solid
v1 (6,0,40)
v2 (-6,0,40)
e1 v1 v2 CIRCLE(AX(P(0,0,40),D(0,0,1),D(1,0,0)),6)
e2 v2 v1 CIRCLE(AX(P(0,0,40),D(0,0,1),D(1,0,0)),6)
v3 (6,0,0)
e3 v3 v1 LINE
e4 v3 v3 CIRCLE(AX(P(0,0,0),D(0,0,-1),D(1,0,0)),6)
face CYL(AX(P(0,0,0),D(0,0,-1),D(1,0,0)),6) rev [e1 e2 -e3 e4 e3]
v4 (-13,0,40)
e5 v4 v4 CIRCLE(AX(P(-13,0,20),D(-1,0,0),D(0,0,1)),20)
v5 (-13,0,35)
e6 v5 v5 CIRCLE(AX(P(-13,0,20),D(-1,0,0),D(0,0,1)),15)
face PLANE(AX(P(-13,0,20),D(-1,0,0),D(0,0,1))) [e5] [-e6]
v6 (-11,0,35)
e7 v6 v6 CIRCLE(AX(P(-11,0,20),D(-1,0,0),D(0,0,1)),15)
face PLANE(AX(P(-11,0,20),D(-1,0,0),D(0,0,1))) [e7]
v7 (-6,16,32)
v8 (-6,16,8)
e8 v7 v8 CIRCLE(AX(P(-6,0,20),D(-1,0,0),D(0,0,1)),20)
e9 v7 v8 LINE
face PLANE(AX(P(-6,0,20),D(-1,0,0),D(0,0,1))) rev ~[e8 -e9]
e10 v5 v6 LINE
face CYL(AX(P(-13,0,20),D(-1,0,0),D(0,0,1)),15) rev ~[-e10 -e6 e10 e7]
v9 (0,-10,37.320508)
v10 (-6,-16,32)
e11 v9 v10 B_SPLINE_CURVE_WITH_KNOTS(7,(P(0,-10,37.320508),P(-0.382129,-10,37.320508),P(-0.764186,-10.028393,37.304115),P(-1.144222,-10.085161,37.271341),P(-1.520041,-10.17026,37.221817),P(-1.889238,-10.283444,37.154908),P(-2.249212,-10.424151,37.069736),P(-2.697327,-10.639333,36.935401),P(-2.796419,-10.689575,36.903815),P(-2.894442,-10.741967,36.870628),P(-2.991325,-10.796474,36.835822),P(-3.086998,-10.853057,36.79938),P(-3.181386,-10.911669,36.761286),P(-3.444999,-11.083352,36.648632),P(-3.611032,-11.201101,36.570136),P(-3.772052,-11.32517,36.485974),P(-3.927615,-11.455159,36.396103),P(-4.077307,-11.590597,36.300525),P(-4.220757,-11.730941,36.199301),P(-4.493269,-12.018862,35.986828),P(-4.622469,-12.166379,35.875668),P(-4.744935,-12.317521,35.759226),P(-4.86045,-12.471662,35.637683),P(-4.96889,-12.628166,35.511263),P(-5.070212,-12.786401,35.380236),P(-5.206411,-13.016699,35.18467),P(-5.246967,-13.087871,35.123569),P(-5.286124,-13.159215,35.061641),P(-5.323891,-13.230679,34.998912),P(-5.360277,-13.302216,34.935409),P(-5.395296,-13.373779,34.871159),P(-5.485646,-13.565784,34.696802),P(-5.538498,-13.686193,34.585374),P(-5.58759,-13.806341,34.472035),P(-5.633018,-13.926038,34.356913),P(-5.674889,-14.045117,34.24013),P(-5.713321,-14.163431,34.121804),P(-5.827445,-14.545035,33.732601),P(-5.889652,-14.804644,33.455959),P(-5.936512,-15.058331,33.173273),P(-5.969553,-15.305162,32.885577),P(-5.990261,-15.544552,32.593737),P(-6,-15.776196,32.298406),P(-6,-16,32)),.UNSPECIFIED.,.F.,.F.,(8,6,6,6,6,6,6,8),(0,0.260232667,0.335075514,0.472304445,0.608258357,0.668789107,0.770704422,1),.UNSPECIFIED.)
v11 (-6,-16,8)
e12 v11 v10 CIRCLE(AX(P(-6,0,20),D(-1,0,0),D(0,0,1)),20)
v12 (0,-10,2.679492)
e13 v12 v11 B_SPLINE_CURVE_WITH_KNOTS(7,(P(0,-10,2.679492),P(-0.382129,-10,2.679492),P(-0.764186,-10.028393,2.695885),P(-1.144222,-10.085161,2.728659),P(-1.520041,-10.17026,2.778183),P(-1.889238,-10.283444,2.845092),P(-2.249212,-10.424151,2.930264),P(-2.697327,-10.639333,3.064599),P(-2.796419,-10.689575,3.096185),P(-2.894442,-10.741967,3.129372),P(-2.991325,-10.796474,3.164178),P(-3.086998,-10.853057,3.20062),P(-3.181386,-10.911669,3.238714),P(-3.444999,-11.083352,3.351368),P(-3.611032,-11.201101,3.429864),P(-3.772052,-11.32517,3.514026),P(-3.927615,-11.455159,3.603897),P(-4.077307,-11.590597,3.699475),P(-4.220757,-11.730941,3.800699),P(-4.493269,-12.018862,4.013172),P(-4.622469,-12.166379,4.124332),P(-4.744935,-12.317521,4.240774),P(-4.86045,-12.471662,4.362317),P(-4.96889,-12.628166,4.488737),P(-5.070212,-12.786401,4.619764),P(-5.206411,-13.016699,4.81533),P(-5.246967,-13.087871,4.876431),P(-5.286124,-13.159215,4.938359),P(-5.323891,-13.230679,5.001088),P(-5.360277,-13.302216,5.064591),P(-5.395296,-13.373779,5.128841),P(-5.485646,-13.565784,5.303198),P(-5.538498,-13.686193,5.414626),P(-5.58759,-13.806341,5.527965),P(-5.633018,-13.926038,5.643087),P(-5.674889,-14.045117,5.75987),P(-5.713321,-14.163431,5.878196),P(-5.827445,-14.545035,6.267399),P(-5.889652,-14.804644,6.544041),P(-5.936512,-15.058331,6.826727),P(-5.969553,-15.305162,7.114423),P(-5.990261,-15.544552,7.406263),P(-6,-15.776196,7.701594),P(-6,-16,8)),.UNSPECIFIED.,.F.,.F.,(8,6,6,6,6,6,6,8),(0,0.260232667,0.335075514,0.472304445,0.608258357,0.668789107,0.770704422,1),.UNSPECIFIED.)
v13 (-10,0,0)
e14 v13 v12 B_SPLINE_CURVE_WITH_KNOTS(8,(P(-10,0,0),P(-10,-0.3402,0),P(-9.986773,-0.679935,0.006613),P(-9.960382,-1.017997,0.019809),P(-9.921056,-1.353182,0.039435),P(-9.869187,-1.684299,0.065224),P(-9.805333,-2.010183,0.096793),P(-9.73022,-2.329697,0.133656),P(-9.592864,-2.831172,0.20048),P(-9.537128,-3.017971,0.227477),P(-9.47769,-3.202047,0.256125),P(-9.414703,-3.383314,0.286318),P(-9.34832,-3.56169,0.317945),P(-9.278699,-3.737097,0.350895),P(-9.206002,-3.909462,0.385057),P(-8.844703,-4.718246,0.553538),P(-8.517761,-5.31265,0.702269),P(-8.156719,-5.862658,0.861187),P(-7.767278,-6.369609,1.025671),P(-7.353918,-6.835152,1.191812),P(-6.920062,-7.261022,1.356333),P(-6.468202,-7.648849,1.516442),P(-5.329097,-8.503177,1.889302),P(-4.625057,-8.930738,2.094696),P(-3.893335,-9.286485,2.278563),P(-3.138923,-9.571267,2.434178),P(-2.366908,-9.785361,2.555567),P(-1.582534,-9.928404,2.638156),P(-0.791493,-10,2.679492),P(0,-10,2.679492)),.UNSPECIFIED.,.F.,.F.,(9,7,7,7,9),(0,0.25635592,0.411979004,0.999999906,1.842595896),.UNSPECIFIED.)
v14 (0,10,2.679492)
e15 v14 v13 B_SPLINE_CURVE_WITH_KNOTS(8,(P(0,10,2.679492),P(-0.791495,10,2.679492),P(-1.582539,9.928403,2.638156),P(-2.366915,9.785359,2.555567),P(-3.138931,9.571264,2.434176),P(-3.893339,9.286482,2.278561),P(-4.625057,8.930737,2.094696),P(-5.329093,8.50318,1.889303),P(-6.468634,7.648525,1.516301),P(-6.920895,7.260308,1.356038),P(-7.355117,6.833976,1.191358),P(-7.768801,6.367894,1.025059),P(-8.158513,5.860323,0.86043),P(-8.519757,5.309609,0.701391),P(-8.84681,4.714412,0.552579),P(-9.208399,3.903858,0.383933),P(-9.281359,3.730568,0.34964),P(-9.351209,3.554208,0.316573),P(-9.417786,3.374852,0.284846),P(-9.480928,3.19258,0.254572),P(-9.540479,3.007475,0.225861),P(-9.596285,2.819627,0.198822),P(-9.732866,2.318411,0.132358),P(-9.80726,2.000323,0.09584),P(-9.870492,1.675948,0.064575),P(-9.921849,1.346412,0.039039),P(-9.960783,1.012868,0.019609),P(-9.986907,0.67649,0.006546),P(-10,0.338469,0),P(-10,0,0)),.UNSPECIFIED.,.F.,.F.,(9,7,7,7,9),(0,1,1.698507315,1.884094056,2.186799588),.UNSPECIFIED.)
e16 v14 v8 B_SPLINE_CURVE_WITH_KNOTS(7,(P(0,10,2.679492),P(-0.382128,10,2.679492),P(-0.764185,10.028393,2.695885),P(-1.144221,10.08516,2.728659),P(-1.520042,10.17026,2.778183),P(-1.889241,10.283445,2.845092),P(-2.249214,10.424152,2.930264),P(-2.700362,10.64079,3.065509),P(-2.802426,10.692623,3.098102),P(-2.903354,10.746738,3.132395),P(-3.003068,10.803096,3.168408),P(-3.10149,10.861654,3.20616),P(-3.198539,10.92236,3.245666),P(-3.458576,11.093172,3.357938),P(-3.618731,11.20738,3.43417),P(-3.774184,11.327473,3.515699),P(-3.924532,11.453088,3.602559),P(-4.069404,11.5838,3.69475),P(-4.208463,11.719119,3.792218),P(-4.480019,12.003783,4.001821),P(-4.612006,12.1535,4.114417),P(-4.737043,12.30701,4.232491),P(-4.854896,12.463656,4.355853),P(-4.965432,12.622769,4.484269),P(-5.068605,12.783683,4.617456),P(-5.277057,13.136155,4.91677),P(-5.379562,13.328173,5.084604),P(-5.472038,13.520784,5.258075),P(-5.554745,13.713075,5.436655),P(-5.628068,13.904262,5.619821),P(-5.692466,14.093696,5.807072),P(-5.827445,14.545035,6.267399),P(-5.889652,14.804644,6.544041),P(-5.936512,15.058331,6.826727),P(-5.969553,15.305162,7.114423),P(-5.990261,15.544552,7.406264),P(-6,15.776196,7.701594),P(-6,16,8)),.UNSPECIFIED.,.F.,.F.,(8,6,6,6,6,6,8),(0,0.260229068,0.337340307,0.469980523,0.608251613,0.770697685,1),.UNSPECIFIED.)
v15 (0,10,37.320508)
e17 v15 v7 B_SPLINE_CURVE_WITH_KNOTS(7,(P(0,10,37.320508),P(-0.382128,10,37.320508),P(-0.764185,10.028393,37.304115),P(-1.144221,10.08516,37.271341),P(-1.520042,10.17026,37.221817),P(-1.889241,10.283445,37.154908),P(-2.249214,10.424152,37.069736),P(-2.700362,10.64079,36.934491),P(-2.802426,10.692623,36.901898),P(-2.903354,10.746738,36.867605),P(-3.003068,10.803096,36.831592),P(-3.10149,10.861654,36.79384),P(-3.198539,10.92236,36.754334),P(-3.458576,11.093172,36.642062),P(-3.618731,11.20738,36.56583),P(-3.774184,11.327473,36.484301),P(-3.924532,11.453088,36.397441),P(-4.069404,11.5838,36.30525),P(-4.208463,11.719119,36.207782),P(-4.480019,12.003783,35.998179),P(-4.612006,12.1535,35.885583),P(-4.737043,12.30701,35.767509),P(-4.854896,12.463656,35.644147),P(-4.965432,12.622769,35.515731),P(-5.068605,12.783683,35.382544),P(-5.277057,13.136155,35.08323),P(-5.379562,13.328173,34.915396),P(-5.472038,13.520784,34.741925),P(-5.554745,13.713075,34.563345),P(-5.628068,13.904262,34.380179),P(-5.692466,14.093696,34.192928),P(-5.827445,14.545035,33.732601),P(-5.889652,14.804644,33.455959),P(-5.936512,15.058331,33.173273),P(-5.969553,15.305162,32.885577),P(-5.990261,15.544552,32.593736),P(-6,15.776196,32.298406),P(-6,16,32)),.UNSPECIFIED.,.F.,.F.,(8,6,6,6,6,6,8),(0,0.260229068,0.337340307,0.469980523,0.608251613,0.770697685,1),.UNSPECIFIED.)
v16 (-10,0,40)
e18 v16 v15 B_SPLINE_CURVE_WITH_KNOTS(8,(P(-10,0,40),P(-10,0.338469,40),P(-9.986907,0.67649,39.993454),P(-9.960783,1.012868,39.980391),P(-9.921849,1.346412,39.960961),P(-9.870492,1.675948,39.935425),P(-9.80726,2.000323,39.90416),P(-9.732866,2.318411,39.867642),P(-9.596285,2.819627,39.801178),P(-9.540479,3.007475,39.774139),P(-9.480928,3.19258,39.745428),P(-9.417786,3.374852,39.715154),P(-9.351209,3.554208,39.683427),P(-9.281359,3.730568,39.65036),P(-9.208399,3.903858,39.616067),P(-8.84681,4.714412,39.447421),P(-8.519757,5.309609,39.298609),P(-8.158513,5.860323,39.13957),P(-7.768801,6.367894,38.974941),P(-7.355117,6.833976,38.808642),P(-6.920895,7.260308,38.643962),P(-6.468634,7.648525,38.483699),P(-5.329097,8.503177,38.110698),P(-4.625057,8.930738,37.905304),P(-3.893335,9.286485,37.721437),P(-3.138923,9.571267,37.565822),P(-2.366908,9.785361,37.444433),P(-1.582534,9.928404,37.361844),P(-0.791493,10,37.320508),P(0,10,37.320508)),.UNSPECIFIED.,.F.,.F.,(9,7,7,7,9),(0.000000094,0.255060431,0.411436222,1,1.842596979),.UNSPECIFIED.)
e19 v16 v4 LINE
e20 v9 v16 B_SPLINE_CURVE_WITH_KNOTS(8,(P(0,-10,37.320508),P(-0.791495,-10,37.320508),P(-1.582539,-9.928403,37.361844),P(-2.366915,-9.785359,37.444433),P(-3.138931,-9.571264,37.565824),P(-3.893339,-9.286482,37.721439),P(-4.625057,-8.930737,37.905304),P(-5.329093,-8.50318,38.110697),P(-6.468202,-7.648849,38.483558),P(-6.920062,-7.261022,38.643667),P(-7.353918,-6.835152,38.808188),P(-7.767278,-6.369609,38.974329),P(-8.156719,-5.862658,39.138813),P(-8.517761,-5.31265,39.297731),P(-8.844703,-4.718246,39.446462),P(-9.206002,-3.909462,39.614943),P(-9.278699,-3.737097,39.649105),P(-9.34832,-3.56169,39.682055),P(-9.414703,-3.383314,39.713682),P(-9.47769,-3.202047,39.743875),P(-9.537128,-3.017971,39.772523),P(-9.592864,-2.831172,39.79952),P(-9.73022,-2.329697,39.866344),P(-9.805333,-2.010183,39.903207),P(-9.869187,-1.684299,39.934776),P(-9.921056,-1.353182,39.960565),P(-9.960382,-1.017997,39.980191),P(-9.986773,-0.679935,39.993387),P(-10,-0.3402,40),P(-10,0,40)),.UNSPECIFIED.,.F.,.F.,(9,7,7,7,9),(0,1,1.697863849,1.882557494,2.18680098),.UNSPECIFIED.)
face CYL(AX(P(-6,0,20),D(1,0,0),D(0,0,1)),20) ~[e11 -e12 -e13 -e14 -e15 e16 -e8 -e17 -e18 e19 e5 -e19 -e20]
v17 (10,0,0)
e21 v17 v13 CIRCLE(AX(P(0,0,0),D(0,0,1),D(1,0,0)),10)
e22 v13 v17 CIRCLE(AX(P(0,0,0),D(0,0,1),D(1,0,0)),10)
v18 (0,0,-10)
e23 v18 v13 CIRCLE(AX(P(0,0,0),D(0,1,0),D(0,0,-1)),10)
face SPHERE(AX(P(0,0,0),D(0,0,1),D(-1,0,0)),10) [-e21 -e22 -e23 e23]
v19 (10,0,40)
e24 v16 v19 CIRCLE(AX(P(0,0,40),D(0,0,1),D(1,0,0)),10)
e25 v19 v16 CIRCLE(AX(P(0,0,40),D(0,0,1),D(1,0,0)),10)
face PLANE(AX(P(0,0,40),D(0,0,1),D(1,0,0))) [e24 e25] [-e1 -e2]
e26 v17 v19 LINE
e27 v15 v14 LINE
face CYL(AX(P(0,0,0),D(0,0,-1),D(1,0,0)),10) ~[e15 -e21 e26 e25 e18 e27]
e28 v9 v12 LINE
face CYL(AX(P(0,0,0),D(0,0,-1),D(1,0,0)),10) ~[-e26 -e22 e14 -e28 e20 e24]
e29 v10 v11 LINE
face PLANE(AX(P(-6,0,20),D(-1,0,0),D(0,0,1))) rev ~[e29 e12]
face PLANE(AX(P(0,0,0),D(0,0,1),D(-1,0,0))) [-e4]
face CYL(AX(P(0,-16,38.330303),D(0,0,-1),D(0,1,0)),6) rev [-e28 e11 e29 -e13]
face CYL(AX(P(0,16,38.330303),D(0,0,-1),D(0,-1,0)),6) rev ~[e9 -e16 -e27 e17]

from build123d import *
from build123d.topology import SkipClean

# Parameters (mm, degrees)
SKETCH1_R                = 10
SKETCH1_R_2              = 6
BOSS_EXTRUDE1_DEPTH      = 40
BOSS_EXTRUDE4_DEPTH      = 3
BOSS_EXTRUDE4_DEPTH_BACK = 4
SKETCH7_R                = 20
FILLET3_R                = 6
SKETCH8_R                = 15
CUT_EXTRUDE3_DEPTH       = 2


with BuildPart() as part:
    # Sketch1 → Boss-Extrude1 (new body)
    with BuildSketch(Plane.XY):
        Circle(SKETCH1_R)
        Circle(SKETCH1_R_2, mode=Mode.SUBTRACT)
    extrude(amount=BOSS_EXTRUDE1_DEPTH)

    # Sketch6 → Revolve1 (revolve)
    with BuildSketch(Plane(origin=(0, 0, 0), x_dir=(1, 0, 0), z_dir=(0, 1, 0))):
        with BuildLine():
            Line((-10, 0), (0, 0))
            Line((0, 0), (0, 10))
            ThreePointArc((0, 10), (-7.071067812, 7.071067812), (-10, 0))
        make_face()
    revolve(axis=Axis((0, 0, -10), (0, 0, 1)))

    # Sketch7 → Boss-Extrude4 (add, two sides: drawn at the far end of the back side and taken through both)
    with SkipClean():  # the faces are left unmerged after this step: merging them gives an invalid solid
        with BuildSketch(Plane.ZY.offset(10).offset(-BOSS_EXTRUDE4_DEPTH_BACK)):
            with Locations((20, 0)):
                Circle(SKETCH7_R)
        extrude(amount=BOSS_EXTRUDE4_DEPTH + BOSS_EXTRUDE4_DEPTH_BACK)

    # Fillet3
    fillet3_edges = [part.edges().sort_by_distance(p)[0] for p in [
        (-6, 8, 20),
        (-6, -8, 20),
    ]]
    fillet(fillet3_edges, radius=FILLET3_R)

    # Sketch8 → Cut-Extrude3 (cut)
    with BuildSketch(Plane.ZY.offset(13)):
        with Locations((20, 0)):
            Circle(SKETCH8_R)
    extrude(amount=-CUT_EXTRUDE3_DEPTH, mode=Mode.SUBTRACT)


solid = part.part
